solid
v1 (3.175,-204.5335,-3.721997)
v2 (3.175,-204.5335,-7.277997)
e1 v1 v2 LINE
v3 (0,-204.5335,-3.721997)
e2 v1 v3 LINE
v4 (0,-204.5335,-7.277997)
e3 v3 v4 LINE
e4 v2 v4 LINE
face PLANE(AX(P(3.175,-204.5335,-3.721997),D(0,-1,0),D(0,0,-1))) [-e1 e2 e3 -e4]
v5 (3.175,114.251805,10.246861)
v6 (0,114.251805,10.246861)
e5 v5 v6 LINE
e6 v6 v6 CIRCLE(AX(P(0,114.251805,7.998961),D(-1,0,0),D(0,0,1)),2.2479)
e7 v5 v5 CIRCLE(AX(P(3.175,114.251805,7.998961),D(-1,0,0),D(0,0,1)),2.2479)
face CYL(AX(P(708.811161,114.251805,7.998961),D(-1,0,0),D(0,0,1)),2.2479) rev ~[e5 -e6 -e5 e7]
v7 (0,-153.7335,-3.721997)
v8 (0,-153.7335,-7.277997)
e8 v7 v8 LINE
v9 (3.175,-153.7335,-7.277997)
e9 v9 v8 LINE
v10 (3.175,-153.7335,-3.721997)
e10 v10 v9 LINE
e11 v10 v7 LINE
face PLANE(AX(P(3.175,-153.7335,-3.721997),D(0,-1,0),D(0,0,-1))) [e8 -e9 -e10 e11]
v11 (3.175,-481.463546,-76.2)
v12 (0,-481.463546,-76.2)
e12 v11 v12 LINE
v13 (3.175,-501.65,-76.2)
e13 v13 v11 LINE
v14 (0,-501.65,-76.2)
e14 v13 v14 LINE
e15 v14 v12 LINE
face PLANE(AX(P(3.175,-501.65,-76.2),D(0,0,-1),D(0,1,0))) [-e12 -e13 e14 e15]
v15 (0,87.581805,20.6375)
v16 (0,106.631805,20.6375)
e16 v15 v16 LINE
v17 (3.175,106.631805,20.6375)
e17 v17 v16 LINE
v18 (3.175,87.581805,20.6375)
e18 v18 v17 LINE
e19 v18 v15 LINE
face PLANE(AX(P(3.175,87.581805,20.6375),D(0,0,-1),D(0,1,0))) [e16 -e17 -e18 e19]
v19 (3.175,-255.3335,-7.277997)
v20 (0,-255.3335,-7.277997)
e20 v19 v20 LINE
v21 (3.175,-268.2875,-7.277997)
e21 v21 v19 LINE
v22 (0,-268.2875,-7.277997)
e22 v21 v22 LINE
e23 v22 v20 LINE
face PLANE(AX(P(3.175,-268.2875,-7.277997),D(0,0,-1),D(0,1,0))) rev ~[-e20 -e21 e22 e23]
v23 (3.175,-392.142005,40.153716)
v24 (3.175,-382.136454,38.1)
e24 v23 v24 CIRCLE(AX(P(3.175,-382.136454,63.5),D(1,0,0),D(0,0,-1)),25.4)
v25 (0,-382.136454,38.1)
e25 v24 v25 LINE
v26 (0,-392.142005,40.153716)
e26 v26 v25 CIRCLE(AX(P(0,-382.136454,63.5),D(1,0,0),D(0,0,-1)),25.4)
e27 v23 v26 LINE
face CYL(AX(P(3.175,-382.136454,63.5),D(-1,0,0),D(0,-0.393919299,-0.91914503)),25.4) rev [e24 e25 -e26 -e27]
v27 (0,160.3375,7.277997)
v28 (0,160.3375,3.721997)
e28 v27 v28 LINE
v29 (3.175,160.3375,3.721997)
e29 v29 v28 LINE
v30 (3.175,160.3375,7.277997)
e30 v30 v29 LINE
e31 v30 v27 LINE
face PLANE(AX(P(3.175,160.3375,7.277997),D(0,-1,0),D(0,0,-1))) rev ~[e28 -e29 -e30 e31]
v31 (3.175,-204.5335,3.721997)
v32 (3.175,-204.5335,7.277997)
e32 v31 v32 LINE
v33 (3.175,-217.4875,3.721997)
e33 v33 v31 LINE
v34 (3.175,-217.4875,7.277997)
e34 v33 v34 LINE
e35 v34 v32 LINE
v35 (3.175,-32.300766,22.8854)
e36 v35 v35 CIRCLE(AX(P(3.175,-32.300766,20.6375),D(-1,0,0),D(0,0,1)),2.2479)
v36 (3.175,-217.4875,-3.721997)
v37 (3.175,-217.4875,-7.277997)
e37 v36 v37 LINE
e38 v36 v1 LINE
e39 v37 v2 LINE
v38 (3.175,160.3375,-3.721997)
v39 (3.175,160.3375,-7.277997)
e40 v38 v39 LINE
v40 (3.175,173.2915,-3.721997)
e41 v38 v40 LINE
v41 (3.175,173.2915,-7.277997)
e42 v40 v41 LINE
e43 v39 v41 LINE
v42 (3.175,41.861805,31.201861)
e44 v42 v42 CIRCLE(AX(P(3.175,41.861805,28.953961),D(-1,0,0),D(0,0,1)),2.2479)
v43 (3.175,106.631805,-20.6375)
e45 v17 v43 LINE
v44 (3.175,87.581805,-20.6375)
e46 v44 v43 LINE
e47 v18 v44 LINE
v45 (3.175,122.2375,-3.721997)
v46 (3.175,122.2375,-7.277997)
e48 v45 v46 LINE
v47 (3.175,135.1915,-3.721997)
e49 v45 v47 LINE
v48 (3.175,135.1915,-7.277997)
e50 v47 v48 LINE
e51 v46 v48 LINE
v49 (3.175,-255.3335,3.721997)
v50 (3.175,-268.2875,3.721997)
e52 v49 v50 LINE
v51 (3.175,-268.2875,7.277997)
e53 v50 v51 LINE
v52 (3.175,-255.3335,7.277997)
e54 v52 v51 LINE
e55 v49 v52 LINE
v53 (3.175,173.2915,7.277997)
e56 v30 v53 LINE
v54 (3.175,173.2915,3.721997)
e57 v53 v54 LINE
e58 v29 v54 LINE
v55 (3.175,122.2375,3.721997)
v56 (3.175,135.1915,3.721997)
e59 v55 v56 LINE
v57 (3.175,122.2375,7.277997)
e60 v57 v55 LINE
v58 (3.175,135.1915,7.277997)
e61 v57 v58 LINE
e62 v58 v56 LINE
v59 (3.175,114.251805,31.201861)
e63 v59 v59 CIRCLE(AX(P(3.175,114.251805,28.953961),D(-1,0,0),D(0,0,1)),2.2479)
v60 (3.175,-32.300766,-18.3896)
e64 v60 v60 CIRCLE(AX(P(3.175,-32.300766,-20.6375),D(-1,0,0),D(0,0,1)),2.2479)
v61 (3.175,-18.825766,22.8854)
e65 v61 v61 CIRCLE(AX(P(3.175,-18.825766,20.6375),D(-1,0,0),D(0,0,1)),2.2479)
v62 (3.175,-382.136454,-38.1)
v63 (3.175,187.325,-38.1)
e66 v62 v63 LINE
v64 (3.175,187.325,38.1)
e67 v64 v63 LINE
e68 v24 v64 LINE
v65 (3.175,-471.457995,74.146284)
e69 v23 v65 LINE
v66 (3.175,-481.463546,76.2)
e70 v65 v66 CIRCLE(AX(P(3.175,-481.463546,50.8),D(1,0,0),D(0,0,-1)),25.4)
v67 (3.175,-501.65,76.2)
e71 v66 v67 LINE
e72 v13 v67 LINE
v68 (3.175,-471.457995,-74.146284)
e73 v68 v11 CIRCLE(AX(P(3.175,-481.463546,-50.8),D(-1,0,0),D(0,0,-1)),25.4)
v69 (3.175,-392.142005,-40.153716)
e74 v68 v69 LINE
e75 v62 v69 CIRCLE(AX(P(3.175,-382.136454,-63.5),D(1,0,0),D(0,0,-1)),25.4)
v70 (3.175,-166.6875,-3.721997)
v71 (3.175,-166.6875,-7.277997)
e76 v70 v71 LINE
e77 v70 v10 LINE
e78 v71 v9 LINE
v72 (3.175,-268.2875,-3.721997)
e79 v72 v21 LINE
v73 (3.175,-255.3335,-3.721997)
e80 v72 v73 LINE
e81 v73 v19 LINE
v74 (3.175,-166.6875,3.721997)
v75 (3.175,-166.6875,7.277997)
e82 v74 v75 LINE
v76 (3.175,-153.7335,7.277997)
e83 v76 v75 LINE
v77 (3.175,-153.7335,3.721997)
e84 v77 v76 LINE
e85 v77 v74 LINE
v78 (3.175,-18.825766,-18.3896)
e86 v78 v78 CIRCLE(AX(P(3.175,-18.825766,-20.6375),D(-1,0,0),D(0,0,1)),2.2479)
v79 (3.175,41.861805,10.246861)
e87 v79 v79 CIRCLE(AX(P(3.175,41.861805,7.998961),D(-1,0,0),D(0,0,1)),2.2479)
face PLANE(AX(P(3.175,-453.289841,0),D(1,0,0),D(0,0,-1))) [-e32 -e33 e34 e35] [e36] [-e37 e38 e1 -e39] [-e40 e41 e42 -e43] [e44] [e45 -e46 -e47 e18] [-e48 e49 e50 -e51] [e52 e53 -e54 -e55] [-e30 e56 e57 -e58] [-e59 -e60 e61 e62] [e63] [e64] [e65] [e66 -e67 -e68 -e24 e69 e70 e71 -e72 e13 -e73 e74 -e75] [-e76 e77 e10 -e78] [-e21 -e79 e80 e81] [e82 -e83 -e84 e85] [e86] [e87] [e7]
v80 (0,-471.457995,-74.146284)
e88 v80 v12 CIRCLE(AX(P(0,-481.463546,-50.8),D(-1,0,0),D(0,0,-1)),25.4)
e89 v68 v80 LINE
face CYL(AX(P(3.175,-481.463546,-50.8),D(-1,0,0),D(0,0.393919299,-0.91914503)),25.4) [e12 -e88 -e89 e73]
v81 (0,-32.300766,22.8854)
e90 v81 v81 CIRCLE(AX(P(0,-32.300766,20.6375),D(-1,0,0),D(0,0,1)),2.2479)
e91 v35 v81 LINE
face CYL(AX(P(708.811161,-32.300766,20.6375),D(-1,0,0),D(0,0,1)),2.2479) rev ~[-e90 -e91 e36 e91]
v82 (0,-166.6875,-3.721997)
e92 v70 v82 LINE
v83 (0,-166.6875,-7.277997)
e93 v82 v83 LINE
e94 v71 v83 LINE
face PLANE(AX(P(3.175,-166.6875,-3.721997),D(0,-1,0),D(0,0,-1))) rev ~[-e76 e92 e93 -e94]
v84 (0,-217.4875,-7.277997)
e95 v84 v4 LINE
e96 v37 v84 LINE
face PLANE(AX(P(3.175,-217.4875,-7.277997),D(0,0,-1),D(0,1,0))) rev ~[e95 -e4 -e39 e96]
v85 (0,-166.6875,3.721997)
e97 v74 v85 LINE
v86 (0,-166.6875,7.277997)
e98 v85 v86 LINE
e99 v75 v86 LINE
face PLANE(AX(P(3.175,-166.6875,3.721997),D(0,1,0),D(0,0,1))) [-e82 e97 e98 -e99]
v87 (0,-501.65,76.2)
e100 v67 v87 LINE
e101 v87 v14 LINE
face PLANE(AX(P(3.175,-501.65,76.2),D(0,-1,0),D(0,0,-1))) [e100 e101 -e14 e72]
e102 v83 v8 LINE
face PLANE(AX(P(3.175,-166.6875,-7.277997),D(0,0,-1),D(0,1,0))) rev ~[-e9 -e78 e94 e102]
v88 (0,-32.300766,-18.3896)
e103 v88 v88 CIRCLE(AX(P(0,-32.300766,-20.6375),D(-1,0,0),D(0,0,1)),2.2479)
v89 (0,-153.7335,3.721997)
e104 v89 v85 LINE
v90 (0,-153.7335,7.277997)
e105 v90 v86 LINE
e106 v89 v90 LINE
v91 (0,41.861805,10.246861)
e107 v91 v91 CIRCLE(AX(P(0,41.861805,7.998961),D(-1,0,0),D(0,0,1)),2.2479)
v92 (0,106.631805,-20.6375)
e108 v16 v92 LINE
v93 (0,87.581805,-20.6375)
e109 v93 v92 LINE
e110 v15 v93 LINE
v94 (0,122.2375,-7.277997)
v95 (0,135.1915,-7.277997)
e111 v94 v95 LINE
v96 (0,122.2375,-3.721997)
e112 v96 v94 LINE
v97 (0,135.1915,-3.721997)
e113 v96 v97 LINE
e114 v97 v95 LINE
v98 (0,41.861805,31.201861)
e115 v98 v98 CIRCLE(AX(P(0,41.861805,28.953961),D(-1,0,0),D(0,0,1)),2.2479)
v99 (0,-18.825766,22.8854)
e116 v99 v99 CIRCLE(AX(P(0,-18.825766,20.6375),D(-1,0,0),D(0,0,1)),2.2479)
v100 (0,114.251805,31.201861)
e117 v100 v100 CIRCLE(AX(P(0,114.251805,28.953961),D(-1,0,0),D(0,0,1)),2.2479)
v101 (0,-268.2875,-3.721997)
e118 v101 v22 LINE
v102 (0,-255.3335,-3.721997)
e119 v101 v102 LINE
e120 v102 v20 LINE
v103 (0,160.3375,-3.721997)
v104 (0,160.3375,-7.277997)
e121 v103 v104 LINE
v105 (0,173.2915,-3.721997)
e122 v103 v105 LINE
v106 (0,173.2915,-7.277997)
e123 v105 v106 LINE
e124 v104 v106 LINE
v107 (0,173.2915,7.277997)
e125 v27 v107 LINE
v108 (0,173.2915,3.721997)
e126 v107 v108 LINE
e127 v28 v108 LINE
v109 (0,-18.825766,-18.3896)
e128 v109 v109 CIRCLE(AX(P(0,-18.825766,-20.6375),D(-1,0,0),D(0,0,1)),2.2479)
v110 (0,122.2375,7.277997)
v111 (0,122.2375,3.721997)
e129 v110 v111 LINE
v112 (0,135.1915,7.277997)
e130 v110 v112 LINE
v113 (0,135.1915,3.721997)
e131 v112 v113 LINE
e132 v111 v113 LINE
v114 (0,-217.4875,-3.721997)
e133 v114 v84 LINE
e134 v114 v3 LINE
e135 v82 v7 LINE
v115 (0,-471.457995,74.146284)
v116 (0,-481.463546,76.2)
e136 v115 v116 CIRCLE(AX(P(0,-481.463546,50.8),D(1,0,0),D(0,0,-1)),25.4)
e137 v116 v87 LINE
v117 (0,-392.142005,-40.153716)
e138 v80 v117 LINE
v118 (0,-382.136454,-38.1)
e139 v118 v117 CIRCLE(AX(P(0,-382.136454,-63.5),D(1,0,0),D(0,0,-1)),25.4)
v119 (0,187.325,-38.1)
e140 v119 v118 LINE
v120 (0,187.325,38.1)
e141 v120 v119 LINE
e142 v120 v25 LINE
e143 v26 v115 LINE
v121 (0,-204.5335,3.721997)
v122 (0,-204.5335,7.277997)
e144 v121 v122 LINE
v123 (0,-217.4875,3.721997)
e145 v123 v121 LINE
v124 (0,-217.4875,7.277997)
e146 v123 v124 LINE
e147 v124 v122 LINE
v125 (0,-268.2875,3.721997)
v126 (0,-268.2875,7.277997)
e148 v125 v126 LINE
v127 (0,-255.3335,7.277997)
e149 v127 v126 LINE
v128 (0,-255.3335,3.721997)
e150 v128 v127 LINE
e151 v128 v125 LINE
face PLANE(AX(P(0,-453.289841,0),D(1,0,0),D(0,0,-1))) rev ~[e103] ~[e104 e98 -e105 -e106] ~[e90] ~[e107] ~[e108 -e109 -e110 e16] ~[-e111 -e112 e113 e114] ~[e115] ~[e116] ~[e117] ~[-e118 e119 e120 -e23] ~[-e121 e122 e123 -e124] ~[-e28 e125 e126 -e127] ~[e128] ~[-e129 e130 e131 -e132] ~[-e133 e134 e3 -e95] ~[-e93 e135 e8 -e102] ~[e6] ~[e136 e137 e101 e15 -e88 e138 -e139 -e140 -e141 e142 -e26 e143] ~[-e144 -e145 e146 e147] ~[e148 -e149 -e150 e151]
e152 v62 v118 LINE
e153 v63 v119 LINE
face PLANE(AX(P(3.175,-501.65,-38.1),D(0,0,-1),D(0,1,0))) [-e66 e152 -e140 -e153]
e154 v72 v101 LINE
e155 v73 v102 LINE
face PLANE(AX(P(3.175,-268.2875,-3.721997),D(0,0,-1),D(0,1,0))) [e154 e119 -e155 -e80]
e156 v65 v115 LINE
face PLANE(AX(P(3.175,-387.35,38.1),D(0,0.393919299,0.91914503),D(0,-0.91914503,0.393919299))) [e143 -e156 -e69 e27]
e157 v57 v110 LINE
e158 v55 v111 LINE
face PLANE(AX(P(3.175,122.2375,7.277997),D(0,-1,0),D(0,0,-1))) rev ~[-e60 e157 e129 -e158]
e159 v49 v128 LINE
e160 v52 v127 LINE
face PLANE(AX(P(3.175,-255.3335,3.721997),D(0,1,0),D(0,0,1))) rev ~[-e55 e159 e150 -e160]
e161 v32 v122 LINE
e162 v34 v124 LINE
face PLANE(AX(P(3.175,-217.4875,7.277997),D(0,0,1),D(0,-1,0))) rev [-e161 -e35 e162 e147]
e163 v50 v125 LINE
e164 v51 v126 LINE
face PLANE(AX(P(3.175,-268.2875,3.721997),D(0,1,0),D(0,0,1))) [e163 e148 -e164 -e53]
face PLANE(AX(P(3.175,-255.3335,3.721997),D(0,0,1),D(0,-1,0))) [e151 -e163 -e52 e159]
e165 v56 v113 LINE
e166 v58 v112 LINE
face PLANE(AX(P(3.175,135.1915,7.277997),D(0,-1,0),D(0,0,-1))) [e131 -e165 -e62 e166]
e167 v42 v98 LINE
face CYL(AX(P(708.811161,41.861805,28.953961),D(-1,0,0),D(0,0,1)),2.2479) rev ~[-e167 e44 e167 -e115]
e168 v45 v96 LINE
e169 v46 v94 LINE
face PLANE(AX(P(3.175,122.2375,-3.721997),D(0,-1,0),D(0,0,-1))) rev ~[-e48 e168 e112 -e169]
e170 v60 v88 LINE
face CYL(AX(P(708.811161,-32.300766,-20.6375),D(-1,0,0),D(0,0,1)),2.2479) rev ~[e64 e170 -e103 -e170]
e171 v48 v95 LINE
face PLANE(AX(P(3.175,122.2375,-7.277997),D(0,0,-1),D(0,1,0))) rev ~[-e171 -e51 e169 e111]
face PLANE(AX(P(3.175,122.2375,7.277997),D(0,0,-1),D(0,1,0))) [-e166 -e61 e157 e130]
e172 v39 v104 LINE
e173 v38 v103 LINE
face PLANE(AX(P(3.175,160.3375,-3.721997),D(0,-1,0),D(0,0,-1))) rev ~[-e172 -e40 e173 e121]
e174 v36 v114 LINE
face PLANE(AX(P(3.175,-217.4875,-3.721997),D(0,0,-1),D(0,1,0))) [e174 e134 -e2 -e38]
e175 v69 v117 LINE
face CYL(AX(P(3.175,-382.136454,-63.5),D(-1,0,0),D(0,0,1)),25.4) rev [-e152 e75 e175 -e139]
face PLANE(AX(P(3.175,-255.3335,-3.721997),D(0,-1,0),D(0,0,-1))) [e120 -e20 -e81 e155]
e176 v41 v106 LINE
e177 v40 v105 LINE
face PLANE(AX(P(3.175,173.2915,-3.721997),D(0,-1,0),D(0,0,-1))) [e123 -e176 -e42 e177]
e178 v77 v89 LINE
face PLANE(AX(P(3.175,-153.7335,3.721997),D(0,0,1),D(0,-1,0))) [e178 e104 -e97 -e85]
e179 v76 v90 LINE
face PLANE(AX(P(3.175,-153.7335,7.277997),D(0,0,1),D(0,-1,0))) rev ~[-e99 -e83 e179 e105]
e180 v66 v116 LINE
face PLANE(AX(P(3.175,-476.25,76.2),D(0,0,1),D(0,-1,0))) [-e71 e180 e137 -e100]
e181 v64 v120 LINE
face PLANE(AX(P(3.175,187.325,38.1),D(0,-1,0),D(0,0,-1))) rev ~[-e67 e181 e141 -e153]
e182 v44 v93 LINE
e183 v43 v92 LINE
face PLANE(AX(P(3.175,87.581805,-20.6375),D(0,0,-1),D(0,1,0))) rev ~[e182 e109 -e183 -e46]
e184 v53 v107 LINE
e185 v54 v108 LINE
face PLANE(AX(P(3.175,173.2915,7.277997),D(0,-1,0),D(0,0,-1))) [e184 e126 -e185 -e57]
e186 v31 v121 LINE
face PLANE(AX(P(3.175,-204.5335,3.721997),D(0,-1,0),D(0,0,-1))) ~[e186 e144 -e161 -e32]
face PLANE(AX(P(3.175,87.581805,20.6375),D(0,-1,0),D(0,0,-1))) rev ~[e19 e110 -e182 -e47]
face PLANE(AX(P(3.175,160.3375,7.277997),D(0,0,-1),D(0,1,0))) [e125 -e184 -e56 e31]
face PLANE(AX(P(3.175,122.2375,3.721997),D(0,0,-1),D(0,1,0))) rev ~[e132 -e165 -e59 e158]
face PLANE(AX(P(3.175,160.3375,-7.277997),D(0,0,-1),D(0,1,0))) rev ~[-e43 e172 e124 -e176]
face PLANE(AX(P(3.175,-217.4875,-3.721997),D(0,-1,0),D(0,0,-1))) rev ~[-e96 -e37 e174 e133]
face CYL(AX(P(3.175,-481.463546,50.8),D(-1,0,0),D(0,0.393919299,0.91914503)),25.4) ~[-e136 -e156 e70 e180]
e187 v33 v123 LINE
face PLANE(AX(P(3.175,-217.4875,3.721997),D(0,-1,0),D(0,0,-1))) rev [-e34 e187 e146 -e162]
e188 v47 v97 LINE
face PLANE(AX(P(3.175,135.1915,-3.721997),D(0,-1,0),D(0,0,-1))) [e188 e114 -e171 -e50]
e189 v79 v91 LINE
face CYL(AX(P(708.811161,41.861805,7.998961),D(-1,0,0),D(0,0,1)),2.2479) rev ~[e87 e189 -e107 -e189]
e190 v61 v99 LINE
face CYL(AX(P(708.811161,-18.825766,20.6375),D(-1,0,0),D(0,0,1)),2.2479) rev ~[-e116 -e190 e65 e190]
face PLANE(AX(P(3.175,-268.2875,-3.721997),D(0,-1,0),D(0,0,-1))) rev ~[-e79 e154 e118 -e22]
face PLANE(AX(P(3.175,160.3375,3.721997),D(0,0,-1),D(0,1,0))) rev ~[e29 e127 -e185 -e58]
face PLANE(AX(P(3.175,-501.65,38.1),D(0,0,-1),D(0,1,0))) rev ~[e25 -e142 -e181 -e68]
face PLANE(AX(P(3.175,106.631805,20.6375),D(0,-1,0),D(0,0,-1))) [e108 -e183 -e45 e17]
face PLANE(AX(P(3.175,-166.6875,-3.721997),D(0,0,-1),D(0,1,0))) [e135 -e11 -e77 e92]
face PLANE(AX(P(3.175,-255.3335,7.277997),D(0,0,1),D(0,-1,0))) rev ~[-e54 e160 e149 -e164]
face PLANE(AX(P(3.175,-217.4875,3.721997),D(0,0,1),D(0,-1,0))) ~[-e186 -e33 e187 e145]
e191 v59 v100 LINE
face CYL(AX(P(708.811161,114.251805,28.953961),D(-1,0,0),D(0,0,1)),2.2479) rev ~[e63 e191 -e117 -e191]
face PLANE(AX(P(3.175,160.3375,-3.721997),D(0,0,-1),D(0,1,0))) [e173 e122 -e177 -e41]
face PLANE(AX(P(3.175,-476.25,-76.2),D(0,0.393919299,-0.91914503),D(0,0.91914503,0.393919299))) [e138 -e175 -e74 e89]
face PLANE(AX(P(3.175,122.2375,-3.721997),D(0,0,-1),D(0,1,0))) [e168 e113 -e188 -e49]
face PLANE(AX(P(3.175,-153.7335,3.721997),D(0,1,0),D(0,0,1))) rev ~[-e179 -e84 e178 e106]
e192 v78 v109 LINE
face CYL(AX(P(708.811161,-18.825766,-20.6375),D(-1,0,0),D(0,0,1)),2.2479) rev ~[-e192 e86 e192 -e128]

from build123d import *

# Parameters (mm, degrees)
SKETCH1_W                     = 76.2
SKETCH1_H                     = 914.4
BOSS_EXTRUDE1_DEPTH           = 3.175
SKETCH2_W                     = 3.556
SKETCH2_H                     = 12.954
CUT_EXTRUDE1_DEPTH            = 4.175
LPATTERN1_COUNT               = 2
LPATTERN1_PITCH               = 50.8
LPATTERN1_COPY_1_SKETCH_W     = 3.556
LPATTERN1_COPY_1_SKETCH_H     = 12.954
LPATTERN1_COPY_1_DEPTH        = 4.175
LPATTERN1_COL_COUNT           = 2
LPATTERN1_COL_PITCH           = 50.8
LPATTERN1_COL_COPY_1_SKETCH_W = 3.556
LPATTERN1_COL_COPY_1_SKETCH_H = 12.954
LPATTERN1_COL_COPY_1_DEPTH    = 4.175
SKETCH3_W                     = 3.556
SKETCH3_H                     = 12.954
CUT_EXTRUDE2_DEPTH            = 4.175
LPATTERN2_COUNT               = 2
LPATTERN2_PITCH               = 38.1
CUT_EXTRUDE3_DEPTH            = 4.175
SKETCH5_W                     = 76.2
SKETCH5_H                     = 44.45
BOSS_EXTRUDE2_DEPTH           = 3.175
SKETCH6_W                     = 41.275
SKETCH6_H                     = 19.05
CUT_EXTRUDE4_DEPTH            = 4.175
BOSS_EXTRUDE3_DEPTH           = 3.175
FILLET1_R                     = 25.4
F_8_CLEARANCE_HOLE1_D         = 4.4958


with BuildPart() as part:
    # Sketch1 → Boss-Extrude1 (new body)
    with BuildSketch(Plane(origin=(0, 0, 0), x_dir=(0, 0, -1), z_dir=(1, 0, 0))):
        Rectangle(SKETCH1_W, SKETCH1_H)
    extrude(amount=BOSS_EXTRUDE1_DEPTH)

    # Sketch2 → Cut-Extrude1 (cut, through all)
    with BuildSketch(Plane(origin=(3.175, 0, 0), x_dir=(0, 0, -1), z_dir=(1, 0, 0))):
        with Locations((5.499997, -211.0105)):
            Rectangle(SKETCH2_W, SKETCH2_H)
    cut_extrude1 = extrude(amount=-CUT_EXTRUDE1_DEPTH, mode=Mode.SUBTRACT)

    # Mirror1: Cut-Extrude1 across plane
    add(cut_extrude1.mirror(Plane.XY), mode=Mode.SUBTRACT)

    # LPattern1: Cut-Extrude1 ×2
    with Locations(*[(0, i * LPATTERN1_PITCH, 0) for i in range(1, LPATTERN1_COUNT)]):
        add(cut_extrude1, mode=Mode.SUBTRACT)

    # LPattern1 copy 1 sketch → LPattern1 copy 1 (cut, through all)
    with BuildSketch(Plane(origin=(3.175, 50.8, 0), x_dir=(0, 0, 1), z_dir=(1, 0, 0))):
        with Locations((5.499997, 211.0105)):
            Rectangle(LPATTERN1_COPY_1_SKETCH_W, LPATTERN1_COPY_1_SKETCH_H)
    extrude(amount=-LPATTERN1_COPY_1_DEPTH, mode=Mode.SUBTRACT)

    # LPattern1 col: Cut-Extrude1 ×2
    with Locations(*[(0, -i * LPATTERN1_COL_PITCH, 0) for i in range(1, LPATTERN1_COL_COUNT)]):
        add(cut_extrude1, mode=Mode.SUBTRACT)

    # LPattern1 col copy 1 sketch → LPattern1 col copy 1 (cut, through all)
    with BuildSketch(Plane(origin=(3.175, -50.8, 0), x_dir=(0, 0, 1), z_dir=(1, 0, 0))):
        with Locations((5.499997, 211.0105)):
            Rectangle(LPATTERN1_COL_COPY_1_SKETCH_W, LPATTERN1_COL_COPY_1_SKETCH_H)
    extrude(amount=-LPATTERN1_COL_COPY_1_DEPTH, mode=Mode.SUBTRACT)

    # Sketch3 → Cut-Extrude2 (cut, through all)
    with BuildSketch(Plane(origin=(3.175, 0, 0), x_dir=(0, 0, -1), z_dir=(1, 0, 0))):
        with Locations((5.499997, 128.7145)):
            Rectangle(SKETCH3_W, SKETCH3_H)
        with Locations((-5.499997, 128.7145)):
            Rectangle(SKETCH3_W, SKETCH3_H)
    cut_extrude2 = extrude(amount=-CUT_EXTRUDE2_DEPTH, mode=Mode.SUBTRACT)

    # LPattern2: Cut-Extrude2 ×2
    with Locations(*[(0, i * LPATTERN2_PITCH, 0) for i in range(1, LPATTERN2_COUNT)]):
        add(cut_extrude2, mode=Mode.SUBTRACT)

    # Sketch4 → Cut-Extrude3 (cut, through all)
    with BuildSketch(Plane(origin=(3.175, 0, 0), x_dir=(0, 0, -1), z_dir=(1, 0, 0))):
        Polygon((-38.1, 187.325), (0, 187.325), (38.1, 187.325), (38.1, 457.2), (-38.1, 457.2), align=None)
    extrude(amount=-CUT_EXTRUDE3_DEPTH, mode=Mode.SUBTRACT)

    # Sketch5 → Boss-Extrude2 (add)
    with BuildSketch(Plane(origin=(3.175, 0, 0), x_dir=(0, 0, -1), z_dir=(1, 0, 0))):
        with Locations((0, -479.425)):
            Rectangle(SKETCH5_W, SKETCH5_H)
    extrude(amount=-BOSS_EXTRUDE2_DEPTH)

    # Sketch6 → Cut-Extrude4 (cut, through all)
    with BuildSketch(Plane(origin=(3.175, 0, 0), x_dir=(0, 0, -1), z_dir=(1, 0, 0))):
        with Locations((0, 97.106805088)):
            Rectangle(SKETCH6_W, SKETCH6_H)
    extrude(amount=-CUT_EXTRUDE4_DEPTH, mode=Mode.SUBTRACT)

    # Sketch7 → Boss-Extrude3 (add)
    with BuildSketch(Plane(origin=(3.175, 0, 0), x_dir=(0, 0, -1), z_dir=(1, 0, 0))):
        Polygon((-76.2, -501.65), (76.2, -501.65), (76.2, -476.25), (38.1, -387.35), (-38.1, -387.35), (-76.2, -476.25), align=None)
    extrude(amount=-BOSS_EXTRUDE3_DEPTH)

    # Fillet1
    fillet1_edges = [part.edges().sort_by_distance(p)[0] for p in [
        (1.5875, -476.25, 76.2),
        (1.5875, -387.35, 38.1),
        (1.5875, -387.35, -38.1),
        (1.5875, -476.25, -76.2),
    ]]
    fillet(fillet1_edges, radius=FILLET1_R)

    # #8 Clearance Hole1 (through all)
    with Locations(Plane(origin=(3.175, 0, 0), x_dir=(0, 0, -1), z_dir=(1, 0, 0))):
        with Locations((-7.998961309, 41.861805088), (-28.953961309, 41.861805088), (20.6375, -18.825765594), (-20.6375, -18.825765594), (20.6375, -32.300765594), (-20.6375, -32.300765594), (-7.998961309, 114.251805088), (-28.953961309, 114.251805088)):
            Hole(F_8_CLEARANCE_HOLE1_D / 2)


solid = part.part
